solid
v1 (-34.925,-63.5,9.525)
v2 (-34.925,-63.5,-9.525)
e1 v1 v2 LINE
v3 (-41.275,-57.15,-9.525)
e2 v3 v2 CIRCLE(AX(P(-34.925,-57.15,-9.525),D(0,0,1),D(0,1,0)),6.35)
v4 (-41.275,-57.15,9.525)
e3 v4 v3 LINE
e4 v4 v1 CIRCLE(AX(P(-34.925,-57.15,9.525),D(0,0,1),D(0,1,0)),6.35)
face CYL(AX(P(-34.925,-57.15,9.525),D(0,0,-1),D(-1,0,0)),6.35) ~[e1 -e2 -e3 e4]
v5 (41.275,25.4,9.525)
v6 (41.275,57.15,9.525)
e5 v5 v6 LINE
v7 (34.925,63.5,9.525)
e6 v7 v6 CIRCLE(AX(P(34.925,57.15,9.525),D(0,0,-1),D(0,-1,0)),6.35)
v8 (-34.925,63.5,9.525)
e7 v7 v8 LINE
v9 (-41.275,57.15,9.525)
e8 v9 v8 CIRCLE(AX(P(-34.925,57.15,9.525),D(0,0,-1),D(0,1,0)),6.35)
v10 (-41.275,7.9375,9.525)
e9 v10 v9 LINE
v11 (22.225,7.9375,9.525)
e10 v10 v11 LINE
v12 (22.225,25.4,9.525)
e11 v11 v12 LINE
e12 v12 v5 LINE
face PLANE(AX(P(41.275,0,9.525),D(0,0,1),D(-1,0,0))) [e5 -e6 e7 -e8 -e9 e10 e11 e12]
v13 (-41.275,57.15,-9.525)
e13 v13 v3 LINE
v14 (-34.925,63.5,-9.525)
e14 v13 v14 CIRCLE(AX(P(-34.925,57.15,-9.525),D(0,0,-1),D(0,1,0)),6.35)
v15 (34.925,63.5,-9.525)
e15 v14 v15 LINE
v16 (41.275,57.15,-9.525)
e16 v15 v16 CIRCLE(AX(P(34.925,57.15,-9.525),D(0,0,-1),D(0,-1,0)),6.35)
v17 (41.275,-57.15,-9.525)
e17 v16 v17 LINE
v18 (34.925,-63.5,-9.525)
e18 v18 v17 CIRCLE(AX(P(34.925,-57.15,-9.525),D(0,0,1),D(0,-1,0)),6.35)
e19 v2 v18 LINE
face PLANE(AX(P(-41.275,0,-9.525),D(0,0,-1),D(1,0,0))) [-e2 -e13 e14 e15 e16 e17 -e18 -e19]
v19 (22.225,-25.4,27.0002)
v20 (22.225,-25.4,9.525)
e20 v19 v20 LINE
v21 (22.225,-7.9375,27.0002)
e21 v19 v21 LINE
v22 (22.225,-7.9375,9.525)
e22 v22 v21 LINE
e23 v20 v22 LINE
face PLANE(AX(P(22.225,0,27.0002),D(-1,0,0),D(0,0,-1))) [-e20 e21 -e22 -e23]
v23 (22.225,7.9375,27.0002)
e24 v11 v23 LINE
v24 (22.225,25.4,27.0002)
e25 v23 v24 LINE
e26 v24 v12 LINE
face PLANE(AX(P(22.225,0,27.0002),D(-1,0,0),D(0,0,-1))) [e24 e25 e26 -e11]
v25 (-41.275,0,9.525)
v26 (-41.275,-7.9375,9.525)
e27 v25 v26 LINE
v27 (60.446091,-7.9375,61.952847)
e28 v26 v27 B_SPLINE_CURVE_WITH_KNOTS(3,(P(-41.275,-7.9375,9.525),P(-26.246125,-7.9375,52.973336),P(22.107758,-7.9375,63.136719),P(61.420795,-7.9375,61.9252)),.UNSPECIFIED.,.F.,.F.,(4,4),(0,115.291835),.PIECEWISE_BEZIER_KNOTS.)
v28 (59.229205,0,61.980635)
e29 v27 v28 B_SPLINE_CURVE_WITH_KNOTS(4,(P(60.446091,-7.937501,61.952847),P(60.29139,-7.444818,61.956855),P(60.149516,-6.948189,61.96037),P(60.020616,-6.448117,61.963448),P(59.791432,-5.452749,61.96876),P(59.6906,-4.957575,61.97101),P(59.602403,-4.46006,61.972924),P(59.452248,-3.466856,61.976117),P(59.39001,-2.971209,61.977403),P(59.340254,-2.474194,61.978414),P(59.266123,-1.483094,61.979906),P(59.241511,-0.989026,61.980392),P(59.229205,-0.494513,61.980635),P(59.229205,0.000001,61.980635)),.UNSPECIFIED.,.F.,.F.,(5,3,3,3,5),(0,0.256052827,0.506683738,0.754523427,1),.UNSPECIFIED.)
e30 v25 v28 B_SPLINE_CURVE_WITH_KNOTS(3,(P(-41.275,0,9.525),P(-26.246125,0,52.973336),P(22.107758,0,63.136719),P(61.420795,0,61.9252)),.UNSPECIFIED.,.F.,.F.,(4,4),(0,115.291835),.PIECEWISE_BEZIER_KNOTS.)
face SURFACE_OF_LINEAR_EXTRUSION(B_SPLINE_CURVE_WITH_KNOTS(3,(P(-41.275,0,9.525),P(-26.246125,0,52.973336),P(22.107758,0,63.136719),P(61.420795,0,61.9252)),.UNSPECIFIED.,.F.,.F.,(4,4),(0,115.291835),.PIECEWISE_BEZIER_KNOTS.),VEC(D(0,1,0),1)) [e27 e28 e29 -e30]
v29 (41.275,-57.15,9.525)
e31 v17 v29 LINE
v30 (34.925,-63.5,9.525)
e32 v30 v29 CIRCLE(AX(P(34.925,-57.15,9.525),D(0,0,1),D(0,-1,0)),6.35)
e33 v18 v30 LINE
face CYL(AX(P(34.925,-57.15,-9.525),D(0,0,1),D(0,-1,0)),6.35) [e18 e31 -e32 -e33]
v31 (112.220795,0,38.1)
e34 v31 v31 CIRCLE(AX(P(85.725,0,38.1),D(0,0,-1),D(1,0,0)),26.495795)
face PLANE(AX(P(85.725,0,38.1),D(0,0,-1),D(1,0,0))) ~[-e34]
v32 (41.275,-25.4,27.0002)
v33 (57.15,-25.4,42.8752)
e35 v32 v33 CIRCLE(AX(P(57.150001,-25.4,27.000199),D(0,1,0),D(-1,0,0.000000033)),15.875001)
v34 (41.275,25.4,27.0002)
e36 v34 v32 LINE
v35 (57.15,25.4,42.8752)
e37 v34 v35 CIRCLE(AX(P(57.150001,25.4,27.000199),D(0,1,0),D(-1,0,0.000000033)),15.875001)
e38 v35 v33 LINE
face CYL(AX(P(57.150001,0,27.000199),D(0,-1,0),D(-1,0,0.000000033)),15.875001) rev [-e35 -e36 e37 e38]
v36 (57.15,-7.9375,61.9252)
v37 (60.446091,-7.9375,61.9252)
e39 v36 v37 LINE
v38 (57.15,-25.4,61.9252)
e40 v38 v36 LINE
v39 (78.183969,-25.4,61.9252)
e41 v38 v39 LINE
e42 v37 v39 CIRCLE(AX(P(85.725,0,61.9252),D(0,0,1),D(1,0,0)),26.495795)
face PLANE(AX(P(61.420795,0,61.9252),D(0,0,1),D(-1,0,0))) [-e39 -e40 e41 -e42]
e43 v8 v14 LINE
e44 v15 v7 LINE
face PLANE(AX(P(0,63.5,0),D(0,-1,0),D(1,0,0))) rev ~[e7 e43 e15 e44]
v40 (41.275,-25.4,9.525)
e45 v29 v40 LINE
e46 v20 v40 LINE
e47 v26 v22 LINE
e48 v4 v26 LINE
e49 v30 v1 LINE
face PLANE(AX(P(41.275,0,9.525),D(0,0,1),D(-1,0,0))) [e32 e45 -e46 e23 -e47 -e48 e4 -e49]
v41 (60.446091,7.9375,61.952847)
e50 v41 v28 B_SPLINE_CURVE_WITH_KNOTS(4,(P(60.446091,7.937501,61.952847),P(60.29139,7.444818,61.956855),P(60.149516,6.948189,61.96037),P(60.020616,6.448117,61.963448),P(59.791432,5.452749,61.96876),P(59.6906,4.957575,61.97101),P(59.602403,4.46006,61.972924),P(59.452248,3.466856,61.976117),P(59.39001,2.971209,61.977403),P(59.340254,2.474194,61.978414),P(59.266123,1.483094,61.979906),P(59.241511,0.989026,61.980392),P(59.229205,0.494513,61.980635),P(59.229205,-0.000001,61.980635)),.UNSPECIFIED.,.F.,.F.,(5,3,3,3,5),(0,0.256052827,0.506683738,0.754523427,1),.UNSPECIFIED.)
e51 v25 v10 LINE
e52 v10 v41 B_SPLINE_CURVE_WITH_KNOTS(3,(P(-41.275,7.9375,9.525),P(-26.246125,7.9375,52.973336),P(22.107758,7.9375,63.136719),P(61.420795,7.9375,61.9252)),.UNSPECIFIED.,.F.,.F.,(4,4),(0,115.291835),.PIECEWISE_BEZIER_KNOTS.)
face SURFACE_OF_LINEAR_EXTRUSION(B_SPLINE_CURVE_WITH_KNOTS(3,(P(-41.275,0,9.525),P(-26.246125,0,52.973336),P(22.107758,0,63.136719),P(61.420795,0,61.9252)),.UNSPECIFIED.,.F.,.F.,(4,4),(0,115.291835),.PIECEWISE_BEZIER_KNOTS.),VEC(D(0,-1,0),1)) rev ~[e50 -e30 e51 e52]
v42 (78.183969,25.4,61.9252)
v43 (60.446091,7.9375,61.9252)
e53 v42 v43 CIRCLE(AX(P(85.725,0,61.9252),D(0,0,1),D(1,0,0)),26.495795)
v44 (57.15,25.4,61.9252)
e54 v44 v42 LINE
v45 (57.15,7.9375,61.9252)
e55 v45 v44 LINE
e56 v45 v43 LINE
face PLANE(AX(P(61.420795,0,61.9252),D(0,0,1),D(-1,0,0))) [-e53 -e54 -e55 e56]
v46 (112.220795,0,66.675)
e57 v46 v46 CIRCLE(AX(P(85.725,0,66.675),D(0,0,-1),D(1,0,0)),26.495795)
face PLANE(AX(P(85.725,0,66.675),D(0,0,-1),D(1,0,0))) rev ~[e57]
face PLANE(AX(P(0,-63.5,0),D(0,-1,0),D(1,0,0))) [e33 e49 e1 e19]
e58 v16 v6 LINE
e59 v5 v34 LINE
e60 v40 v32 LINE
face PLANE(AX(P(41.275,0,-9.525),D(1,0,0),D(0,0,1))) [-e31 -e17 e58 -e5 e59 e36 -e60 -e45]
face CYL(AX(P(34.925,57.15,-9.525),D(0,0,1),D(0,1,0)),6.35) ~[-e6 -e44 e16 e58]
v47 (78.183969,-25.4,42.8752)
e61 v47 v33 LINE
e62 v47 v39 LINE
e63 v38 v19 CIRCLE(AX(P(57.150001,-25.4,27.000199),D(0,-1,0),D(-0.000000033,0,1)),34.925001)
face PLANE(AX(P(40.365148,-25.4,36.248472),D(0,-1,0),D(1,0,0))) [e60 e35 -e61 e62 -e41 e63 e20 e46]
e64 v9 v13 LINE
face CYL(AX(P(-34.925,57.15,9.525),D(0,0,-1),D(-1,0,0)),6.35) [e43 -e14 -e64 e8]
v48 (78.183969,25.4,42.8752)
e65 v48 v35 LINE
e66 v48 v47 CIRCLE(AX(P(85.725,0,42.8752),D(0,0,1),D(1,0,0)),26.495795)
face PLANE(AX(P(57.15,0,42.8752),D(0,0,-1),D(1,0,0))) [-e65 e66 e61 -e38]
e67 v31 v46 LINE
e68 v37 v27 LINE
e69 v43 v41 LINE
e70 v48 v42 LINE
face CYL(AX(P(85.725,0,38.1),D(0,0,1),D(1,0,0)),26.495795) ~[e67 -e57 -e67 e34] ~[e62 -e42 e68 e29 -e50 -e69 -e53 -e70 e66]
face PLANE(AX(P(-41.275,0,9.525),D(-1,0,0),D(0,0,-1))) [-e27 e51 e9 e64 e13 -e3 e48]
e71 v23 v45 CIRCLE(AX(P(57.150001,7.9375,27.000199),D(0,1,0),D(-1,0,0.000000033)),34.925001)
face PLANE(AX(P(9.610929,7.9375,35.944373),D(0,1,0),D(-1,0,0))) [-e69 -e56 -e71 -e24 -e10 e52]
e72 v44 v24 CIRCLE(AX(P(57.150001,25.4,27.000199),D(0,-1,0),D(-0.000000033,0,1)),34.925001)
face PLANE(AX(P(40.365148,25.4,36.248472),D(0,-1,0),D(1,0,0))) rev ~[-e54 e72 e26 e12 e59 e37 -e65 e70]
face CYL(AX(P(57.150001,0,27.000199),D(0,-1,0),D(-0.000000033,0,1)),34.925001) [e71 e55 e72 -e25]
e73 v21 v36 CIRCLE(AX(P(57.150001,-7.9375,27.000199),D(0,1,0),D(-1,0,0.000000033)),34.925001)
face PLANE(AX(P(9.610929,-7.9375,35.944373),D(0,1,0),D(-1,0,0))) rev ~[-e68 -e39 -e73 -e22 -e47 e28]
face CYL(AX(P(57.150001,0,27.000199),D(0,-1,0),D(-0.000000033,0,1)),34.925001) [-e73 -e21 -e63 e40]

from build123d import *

# Parameters (mm, degrees)
F1_DEPTH = 63.5
F2_DEPTH = 25.4
F0_W     = 24.304205
F0_H     = 19.05
F3_DEPTH = 25.4
F5_DEPTH = 7.9375
F6_R     = 6.35


with BuildPart() as f1:
    # F0 (on Front) → F1 (new body, symmetric)
    with BuildSketch(Plane.XZ):
        Polygon((-41.275, 9.525), (-41.275, -9.525), (41.275, -9.525), (41.275, 9.525), (22.225, 9.525), align=None)
    extrude(amount=F1_DEPTH, both=True)

    # F0 (on Front) → F2 (join, symmetric)
    with BuildSketch(Plane.XZ):
        with BuildLine():
            Line((22.225, 9.525), (41.275, 9.525))
            Line((41.275, 9.525), (41.275, 27.0002))
            ThreePointArc((41.275, 27.0002), (45.92468, 38.22552), (57.15, 42.8752))
            Line((57.15, 42.8752), (61.420795, 42.8752))
            Line((61.420795, 42.8752), (61.420795, 61.9252))
            Line((61.420795, 61.9252), (57.15, 61.9252))
            ThreePointArc((57.15, 61.9252), (32.454296, 51.695904), (22.225, 27.0002))
            Line((22.225, 27.0002), (22.225, 9.525))
        make_face()
    extrude(amount=F2_DEPTH, both=True)

    # F0 (on Front) → F3 (join, symmetric)
    with BuildSketch(Plane.XZ):
        with Locations((73.572897, 52.4002)):
            Rectangle(F0_W, F0_H)
    extrude(amount=F3_DEPTH, both=True)

    # F0 (on Front) → F4 (revolve)
    with BuildSketch(Plane.XZ):
        Polygon((85.725, 66.675), (85.725, 61.9252), (85.725, 42.8752), (85.725, 38.1), (112.220795, 38.1), (112.220795, 66.675), align=None)
    revolve(axis=Axis((85.725, 0, 54.7751), (0, 0, -1)))

    # F0 (on Front) → F5 (join, symmetric)
    with BuildSketch(Plane.XZ):
        with BuildLine():
            add(Edge.make_bspline(
                [(-41.275, 9.525), (-26.246125, 52.973336), (22.107758, 63.136719), (61.420795, 61.9252)],
                knots=[0, 0, 0, 0, 115.291835, 115.291835, 115.291835, 115.291835], degree=3))
            Line((-41.275, 9.525), (22.225, 9.525))
            Line((22.225, 9.525), (22.225, 27.0002))
            ThreePointArc((22.225, 27.0002), (32.454296, 51.695904), (57.15, 61.9252))
            Line((57.15, 61.9252), (61.420795, 61.9252))
        make_face()
    extrude(amount=F5_DEPTH, both=True)

    # F6
    f6_edges = [f1.edges().sort_by_distance(p)[0] for p in [
        (41.275, 63.5, 0),
        (-41.275, 63.5, 0),
        (-41.275, -63.5, 0),
        (41.275, -63.5, 0),
    ]]
    fillet(f6_edges, radius=F6_R)


solid = f1.part
